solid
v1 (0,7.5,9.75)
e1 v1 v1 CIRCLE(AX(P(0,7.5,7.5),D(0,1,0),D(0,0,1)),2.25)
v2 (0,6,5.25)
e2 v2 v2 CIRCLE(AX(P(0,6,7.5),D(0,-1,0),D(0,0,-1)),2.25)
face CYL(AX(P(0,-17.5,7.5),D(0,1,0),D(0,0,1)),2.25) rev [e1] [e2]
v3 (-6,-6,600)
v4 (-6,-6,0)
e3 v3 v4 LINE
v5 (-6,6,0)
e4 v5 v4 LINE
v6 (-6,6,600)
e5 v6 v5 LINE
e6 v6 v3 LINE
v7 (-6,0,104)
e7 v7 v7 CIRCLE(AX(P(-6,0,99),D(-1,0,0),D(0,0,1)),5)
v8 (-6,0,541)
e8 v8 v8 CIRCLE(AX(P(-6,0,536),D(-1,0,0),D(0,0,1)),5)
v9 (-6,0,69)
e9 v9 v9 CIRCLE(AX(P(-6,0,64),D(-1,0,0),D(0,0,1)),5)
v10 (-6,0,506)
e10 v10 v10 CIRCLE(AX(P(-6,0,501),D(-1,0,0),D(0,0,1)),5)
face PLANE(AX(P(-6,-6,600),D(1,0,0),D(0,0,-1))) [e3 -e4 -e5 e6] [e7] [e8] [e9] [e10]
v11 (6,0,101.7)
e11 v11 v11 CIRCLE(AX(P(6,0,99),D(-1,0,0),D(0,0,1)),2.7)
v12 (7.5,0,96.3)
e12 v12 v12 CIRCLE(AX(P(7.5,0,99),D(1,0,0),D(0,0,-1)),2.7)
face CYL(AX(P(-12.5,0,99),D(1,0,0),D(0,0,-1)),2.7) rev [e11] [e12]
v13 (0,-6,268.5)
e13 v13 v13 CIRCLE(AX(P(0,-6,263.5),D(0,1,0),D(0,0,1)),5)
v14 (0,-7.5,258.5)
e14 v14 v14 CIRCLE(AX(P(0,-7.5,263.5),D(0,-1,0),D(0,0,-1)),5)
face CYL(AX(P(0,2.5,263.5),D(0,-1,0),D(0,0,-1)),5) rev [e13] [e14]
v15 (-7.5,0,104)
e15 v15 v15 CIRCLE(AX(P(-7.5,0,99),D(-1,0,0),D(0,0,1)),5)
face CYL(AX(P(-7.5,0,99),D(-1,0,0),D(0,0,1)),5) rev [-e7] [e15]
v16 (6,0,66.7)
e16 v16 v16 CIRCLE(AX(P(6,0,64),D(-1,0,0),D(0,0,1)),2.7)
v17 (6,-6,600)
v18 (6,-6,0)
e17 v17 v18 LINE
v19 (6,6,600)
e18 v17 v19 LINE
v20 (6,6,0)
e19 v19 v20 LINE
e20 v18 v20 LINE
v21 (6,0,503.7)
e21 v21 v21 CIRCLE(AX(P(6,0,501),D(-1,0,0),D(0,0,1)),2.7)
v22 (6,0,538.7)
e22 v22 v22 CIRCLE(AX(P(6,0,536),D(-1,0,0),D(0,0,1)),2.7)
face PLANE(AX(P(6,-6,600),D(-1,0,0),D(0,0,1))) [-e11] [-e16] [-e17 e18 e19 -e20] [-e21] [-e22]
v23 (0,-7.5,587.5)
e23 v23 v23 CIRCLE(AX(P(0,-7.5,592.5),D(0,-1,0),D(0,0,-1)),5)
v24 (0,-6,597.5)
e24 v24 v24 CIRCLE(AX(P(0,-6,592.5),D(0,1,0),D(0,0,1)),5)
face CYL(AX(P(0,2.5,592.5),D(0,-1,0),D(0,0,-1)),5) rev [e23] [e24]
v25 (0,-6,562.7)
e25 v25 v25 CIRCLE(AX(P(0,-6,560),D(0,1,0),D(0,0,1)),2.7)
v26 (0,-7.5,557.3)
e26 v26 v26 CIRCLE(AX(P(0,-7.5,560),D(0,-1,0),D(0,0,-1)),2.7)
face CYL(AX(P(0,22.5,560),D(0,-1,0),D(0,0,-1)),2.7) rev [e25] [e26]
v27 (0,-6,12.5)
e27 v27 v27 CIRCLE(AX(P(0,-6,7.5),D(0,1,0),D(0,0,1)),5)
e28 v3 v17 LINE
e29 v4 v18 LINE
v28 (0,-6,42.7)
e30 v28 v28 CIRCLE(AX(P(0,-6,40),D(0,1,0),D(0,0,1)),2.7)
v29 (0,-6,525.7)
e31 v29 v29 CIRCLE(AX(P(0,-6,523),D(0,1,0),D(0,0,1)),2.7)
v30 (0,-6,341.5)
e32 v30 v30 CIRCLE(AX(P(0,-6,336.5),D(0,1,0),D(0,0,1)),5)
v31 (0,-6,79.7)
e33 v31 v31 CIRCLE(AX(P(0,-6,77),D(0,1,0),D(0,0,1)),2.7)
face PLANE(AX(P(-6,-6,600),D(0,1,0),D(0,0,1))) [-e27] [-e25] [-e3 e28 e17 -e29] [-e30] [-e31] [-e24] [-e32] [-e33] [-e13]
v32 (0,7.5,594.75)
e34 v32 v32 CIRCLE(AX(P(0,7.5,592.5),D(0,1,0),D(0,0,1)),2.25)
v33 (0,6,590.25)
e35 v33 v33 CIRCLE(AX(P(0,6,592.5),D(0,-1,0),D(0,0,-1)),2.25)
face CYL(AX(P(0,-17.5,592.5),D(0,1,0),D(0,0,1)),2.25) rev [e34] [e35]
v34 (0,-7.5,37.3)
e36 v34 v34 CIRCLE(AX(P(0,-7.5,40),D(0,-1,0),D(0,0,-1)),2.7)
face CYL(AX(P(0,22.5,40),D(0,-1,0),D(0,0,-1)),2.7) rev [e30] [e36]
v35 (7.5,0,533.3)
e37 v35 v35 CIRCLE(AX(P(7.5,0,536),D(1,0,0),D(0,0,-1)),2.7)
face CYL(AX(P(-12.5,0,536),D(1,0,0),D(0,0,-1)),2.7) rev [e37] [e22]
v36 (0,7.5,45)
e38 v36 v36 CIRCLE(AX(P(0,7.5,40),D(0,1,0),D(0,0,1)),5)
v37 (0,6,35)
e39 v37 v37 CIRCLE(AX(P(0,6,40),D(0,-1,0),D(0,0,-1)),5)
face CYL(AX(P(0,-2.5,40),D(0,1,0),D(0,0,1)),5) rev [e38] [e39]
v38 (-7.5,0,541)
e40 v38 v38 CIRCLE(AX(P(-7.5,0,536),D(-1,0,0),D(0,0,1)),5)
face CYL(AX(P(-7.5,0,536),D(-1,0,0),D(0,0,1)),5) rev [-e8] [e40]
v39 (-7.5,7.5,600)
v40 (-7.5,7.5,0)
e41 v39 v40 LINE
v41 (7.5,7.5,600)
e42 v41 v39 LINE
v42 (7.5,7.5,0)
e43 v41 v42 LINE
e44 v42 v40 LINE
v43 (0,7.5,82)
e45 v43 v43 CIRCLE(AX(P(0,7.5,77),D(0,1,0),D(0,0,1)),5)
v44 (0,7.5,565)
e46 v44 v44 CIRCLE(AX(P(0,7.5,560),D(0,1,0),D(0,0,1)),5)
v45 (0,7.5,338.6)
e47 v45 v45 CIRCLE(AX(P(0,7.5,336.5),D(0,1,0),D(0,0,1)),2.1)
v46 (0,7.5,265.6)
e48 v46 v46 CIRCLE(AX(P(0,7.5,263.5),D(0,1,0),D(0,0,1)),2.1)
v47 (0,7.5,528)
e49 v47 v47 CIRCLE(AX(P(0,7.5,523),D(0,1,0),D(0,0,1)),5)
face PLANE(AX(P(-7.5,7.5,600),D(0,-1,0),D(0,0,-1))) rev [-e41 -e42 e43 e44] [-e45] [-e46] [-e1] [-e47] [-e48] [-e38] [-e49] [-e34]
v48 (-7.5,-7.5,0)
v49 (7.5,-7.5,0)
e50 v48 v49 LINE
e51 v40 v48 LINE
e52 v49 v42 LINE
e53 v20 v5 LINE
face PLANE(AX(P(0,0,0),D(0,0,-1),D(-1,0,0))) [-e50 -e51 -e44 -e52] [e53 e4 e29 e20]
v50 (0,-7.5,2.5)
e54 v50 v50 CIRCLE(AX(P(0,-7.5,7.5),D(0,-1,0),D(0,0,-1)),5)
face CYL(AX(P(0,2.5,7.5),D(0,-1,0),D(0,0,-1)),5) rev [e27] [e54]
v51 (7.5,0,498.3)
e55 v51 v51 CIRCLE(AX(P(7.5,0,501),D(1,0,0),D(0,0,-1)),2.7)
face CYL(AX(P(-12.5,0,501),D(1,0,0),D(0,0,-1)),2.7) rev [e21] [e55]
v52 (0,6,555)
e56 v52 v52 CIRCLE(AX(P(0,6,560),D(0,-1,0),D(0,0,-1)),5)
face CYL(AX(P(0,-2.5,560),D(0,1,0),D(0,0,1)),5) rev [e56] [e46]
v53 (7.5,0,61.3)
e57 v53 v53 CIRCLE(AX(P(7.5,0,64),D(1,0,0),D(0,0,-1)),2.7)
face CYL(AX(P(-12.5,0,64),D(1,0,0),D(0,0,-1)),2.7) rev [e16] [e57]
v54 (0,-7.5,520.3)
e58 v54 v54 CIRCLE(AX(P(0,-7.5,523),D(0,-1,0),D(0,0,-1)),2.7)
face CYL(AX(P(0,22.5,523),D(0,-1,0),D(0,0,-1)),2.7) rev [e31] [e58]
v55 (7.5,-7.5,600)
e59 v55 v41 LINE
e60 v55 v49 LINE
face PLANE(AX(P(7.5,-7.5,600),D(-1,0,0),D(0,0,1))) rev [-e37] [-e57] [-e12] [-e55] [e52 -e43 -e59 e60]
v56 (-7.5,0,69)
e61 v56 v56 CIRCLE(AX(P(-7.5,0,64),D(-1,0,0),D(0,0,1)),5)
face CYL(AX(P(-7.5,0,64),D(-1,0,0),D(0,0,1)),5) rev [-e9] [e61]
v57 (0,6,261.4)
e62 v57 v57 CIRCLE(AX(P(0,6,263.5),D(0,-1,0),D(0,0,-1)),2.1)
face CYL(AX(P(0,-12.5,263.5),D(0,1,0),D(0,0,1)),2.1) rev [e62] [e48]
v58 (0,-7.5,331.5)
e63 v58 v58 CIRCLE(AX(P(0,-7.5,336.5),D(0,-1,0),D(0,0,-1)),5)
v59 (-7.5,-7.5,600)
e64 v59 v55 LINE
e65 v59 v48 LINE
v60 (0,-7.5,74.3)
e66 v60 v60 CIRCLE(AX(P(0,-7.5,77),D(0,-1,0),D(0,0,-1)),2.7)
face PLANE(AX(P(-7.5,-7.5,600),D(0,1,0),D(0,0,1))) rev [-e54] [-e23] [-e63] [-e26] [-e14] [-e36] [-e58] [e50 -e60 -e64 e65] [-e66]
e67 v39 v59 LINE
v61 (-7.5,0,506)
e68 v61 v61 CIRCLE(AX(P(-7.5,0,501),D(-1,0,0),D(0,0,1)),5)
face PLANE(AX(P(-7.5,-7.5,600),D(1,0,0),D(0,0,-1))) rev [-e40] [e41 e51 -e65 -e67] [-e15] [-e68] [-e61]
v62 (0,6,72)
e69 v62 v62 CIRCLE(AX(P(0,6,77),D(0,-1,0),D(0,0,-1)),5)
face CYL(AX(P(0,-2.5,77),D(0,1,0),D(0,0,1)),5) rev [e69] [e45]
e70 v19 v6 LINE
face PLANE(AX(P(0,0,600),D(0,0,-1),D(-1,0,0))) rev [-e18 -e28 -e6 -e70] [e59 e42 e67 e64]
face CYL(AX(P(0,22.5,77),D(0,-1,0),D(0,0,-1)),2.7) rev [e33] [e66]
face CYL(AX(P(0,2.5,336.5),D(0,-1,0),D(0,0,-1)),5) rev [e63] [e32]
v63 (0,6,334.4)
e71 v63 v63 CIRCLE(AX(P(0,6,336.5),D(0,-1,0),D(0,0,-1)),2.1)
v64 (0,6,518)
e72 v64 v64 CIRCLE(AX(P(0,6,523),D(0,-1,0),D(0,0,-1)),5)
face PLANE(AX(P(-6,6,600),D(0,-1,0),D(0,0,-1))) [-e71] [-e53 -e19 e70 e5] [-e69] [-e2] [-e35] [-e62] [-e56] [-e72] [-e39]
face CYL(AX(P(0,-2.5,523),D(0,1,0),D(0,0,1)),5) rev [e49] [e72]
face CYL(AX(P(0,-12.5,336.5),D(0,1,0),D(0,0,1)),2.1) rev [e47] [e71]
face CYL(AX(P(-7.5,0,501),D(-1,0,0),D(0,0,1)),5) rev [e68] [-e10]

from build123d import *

# Parameters (mm, degrees)
SKETCH_1_W                  = 15
SKETCH_1_H                  = 15
SKETCH_1_W_2                = 12
SKETCH_1_H_2                = 12
EXTRUDE_1_DEPTH             = 600
SKETCH_3_R                  = 2.25
CUT_EXTRUDE_2_DEPTH         = 25
SKETCH_4_R                  = 2.7
CUT_EXTRUDE_3_DEPTH         = 20
SKETCH_6_R                  = 2.1
CUT_EXTRUDE_4_DEPTH         = 20
SKETCH_9_R                  = 5
CUT_EXTRUDE_7_DEPTH         = 10
SKETCH_10_R                 = 2.7
CUT_EXTRUDE_8_DEPTH         = 30
SKETCH_11_R                 = 5
CUT_EXTRUDE_9_DEPTH         = 10
HOLE_WIZARD_10_0_10_1_D     = 10
HOLE_WIZARD_10_0_10_1_DEPTH = 1.5


with BuildPart() as part:
    # ｽｹｯﾁ1 → ﾎﾞｽ - 押し出し1 (new body)
    with BuildSketch(Plane.XY):
        Rectangle(SKETCH_1_W, SKETCH_1_H)
        Rectangle(SKETCH_1_W_2, SKETCH_1_H_2, mode=Mode.SUBTRACT)
    extrude(amount=EXTRUDE_1_DEPTH)

    # ｽｹｯﾁ3 → ｶｯﾄ - 押し出し2 (cut)
    with BuildSketch(Plane(origin=(0, 7.5, 0), x_dir=(1, 0, 0), z_dir=(0, 1, 0))):
        with Locations((0, -7.5)):
            Circle(SKETCH_3_R)
        with Locations((0, -592.5)):
            Circle(SKETCH_3_R)
    extrude(amount=-CUT_EXTRUDE_2_DEPTH, mode=Mode.SUBTRACT)

    # ｽｹｯﾁ4 → ｶｯﾄ - 押し出し3 (cut)
    with BuildSketch(Plane(origin=(7.5, 0, 0), x_dir=(0, 0, -1), z_dir=(1, 0, 0))):
        with Locations((-536, 0)):
            Circle(SKETCH_4_R)
        with Locations((-501, 0)):
            Circle(SKETCH_4_R)
        with Locations((-99, 0)):
            Circle(SKETCH_4_R)
        with Locations((-64, 0)):
            Circle(SKETCH_4_R)
    extrude(amount=-CUT_EXTRUDE_3_DEPTH, mode=Mode.SUBTRACT)

    # ｽｹｯﾁ6 → ｶｯﾄ - 押し出し4 (cut)
    with BuildSketch(Plane(origin=(0, 7.5, 0), x_dir=(1, 0, 0), z_dir=(0, 1, 0))):
        with Locations((0, -336.5)):
            Circle(SKETCH_6_R)
        with Locations((0, -263.5)):
            Circle(SKETCH_6_R)
    extrude(amount=-CUT_EXTRUDE_4_DEPTH, mode=Mode.SUBTRACT)

    # ｽｹｯﾁ9 → ｶｯﾄ - 押し出し7 (cut)
    with BuildSketch(Plane.XZ.offset(7.5)):
        with Locations((0, 592.5)):
            Circle(SKETCH_9_R)
        with Locations((0, 336.5)):
            Circle(SKETCH_9_R)
        with Locations((0, 263.5)):
            Circle(SKETCH_9_R)
        with Locations((0, 7.5)):
            Circle(SKETCH_9_R)
    extrude(amount=-CUT_EXTRUDE_7_DEPTH, mode=Mode.SUBTRACT)

    # ｽｹｯﾁ10 → ｶｯﾄ - 押し出し8 (cut)
    with BuildSketch(Plane(origin=(0, -7.5, 0), x_dir=(-1, 0, 0), z_dir=(0, -1, 0))):
        with Locations((0, -40)):
            Circle(SKETCH_10_R)
        with Locations((0, -77)):
            Circle(SKETCH_10_R)
        with Locations((0, -523)):
            Circle(SKETCH_10_R)
        with Locations((0, -560)):
            Circle(SKETCH_10_R)
    extrude(amount=-CUT_EXTRUDE_8_DEPTH, mode=Mode.SUBTRACT)

    # ｽｹｯﾁ11 → ｶｯﾄ - 押し出し9 (cut)
    with BuildSketch(Plane(origin=(0, 7.5, 0), x_dir=(1, 0, 0), z_dir=(0, 1, 0))):
        with Locations((0, -40)):
            Circle(SKETCH_11_R)
        with Locations((0, -77)):
            Circle(SKETCH_11_R)
        with Locations((0, -560)):
            Circle(SKETCH_11_R)
        with Locations((0, -523)):
            Circle(SKETCH_11_R)
    extrude(amount=-CUT_EXTRUDE_9_DEPTH, mode=Mode.SUBTRACT)

    # Ø10.0 (10) 直径の穴1
    with Locations(Plane.ZY.offset(7.5)):
        with Locations((64, 0), (99, 0), (501, 0), (536, 0)):
            Hole(HOLE_WIZARD_10_0_10_1_D / 2, depth=HOLE_WIZARD_10_0_10_1_DEPTH)


solid = part.part
